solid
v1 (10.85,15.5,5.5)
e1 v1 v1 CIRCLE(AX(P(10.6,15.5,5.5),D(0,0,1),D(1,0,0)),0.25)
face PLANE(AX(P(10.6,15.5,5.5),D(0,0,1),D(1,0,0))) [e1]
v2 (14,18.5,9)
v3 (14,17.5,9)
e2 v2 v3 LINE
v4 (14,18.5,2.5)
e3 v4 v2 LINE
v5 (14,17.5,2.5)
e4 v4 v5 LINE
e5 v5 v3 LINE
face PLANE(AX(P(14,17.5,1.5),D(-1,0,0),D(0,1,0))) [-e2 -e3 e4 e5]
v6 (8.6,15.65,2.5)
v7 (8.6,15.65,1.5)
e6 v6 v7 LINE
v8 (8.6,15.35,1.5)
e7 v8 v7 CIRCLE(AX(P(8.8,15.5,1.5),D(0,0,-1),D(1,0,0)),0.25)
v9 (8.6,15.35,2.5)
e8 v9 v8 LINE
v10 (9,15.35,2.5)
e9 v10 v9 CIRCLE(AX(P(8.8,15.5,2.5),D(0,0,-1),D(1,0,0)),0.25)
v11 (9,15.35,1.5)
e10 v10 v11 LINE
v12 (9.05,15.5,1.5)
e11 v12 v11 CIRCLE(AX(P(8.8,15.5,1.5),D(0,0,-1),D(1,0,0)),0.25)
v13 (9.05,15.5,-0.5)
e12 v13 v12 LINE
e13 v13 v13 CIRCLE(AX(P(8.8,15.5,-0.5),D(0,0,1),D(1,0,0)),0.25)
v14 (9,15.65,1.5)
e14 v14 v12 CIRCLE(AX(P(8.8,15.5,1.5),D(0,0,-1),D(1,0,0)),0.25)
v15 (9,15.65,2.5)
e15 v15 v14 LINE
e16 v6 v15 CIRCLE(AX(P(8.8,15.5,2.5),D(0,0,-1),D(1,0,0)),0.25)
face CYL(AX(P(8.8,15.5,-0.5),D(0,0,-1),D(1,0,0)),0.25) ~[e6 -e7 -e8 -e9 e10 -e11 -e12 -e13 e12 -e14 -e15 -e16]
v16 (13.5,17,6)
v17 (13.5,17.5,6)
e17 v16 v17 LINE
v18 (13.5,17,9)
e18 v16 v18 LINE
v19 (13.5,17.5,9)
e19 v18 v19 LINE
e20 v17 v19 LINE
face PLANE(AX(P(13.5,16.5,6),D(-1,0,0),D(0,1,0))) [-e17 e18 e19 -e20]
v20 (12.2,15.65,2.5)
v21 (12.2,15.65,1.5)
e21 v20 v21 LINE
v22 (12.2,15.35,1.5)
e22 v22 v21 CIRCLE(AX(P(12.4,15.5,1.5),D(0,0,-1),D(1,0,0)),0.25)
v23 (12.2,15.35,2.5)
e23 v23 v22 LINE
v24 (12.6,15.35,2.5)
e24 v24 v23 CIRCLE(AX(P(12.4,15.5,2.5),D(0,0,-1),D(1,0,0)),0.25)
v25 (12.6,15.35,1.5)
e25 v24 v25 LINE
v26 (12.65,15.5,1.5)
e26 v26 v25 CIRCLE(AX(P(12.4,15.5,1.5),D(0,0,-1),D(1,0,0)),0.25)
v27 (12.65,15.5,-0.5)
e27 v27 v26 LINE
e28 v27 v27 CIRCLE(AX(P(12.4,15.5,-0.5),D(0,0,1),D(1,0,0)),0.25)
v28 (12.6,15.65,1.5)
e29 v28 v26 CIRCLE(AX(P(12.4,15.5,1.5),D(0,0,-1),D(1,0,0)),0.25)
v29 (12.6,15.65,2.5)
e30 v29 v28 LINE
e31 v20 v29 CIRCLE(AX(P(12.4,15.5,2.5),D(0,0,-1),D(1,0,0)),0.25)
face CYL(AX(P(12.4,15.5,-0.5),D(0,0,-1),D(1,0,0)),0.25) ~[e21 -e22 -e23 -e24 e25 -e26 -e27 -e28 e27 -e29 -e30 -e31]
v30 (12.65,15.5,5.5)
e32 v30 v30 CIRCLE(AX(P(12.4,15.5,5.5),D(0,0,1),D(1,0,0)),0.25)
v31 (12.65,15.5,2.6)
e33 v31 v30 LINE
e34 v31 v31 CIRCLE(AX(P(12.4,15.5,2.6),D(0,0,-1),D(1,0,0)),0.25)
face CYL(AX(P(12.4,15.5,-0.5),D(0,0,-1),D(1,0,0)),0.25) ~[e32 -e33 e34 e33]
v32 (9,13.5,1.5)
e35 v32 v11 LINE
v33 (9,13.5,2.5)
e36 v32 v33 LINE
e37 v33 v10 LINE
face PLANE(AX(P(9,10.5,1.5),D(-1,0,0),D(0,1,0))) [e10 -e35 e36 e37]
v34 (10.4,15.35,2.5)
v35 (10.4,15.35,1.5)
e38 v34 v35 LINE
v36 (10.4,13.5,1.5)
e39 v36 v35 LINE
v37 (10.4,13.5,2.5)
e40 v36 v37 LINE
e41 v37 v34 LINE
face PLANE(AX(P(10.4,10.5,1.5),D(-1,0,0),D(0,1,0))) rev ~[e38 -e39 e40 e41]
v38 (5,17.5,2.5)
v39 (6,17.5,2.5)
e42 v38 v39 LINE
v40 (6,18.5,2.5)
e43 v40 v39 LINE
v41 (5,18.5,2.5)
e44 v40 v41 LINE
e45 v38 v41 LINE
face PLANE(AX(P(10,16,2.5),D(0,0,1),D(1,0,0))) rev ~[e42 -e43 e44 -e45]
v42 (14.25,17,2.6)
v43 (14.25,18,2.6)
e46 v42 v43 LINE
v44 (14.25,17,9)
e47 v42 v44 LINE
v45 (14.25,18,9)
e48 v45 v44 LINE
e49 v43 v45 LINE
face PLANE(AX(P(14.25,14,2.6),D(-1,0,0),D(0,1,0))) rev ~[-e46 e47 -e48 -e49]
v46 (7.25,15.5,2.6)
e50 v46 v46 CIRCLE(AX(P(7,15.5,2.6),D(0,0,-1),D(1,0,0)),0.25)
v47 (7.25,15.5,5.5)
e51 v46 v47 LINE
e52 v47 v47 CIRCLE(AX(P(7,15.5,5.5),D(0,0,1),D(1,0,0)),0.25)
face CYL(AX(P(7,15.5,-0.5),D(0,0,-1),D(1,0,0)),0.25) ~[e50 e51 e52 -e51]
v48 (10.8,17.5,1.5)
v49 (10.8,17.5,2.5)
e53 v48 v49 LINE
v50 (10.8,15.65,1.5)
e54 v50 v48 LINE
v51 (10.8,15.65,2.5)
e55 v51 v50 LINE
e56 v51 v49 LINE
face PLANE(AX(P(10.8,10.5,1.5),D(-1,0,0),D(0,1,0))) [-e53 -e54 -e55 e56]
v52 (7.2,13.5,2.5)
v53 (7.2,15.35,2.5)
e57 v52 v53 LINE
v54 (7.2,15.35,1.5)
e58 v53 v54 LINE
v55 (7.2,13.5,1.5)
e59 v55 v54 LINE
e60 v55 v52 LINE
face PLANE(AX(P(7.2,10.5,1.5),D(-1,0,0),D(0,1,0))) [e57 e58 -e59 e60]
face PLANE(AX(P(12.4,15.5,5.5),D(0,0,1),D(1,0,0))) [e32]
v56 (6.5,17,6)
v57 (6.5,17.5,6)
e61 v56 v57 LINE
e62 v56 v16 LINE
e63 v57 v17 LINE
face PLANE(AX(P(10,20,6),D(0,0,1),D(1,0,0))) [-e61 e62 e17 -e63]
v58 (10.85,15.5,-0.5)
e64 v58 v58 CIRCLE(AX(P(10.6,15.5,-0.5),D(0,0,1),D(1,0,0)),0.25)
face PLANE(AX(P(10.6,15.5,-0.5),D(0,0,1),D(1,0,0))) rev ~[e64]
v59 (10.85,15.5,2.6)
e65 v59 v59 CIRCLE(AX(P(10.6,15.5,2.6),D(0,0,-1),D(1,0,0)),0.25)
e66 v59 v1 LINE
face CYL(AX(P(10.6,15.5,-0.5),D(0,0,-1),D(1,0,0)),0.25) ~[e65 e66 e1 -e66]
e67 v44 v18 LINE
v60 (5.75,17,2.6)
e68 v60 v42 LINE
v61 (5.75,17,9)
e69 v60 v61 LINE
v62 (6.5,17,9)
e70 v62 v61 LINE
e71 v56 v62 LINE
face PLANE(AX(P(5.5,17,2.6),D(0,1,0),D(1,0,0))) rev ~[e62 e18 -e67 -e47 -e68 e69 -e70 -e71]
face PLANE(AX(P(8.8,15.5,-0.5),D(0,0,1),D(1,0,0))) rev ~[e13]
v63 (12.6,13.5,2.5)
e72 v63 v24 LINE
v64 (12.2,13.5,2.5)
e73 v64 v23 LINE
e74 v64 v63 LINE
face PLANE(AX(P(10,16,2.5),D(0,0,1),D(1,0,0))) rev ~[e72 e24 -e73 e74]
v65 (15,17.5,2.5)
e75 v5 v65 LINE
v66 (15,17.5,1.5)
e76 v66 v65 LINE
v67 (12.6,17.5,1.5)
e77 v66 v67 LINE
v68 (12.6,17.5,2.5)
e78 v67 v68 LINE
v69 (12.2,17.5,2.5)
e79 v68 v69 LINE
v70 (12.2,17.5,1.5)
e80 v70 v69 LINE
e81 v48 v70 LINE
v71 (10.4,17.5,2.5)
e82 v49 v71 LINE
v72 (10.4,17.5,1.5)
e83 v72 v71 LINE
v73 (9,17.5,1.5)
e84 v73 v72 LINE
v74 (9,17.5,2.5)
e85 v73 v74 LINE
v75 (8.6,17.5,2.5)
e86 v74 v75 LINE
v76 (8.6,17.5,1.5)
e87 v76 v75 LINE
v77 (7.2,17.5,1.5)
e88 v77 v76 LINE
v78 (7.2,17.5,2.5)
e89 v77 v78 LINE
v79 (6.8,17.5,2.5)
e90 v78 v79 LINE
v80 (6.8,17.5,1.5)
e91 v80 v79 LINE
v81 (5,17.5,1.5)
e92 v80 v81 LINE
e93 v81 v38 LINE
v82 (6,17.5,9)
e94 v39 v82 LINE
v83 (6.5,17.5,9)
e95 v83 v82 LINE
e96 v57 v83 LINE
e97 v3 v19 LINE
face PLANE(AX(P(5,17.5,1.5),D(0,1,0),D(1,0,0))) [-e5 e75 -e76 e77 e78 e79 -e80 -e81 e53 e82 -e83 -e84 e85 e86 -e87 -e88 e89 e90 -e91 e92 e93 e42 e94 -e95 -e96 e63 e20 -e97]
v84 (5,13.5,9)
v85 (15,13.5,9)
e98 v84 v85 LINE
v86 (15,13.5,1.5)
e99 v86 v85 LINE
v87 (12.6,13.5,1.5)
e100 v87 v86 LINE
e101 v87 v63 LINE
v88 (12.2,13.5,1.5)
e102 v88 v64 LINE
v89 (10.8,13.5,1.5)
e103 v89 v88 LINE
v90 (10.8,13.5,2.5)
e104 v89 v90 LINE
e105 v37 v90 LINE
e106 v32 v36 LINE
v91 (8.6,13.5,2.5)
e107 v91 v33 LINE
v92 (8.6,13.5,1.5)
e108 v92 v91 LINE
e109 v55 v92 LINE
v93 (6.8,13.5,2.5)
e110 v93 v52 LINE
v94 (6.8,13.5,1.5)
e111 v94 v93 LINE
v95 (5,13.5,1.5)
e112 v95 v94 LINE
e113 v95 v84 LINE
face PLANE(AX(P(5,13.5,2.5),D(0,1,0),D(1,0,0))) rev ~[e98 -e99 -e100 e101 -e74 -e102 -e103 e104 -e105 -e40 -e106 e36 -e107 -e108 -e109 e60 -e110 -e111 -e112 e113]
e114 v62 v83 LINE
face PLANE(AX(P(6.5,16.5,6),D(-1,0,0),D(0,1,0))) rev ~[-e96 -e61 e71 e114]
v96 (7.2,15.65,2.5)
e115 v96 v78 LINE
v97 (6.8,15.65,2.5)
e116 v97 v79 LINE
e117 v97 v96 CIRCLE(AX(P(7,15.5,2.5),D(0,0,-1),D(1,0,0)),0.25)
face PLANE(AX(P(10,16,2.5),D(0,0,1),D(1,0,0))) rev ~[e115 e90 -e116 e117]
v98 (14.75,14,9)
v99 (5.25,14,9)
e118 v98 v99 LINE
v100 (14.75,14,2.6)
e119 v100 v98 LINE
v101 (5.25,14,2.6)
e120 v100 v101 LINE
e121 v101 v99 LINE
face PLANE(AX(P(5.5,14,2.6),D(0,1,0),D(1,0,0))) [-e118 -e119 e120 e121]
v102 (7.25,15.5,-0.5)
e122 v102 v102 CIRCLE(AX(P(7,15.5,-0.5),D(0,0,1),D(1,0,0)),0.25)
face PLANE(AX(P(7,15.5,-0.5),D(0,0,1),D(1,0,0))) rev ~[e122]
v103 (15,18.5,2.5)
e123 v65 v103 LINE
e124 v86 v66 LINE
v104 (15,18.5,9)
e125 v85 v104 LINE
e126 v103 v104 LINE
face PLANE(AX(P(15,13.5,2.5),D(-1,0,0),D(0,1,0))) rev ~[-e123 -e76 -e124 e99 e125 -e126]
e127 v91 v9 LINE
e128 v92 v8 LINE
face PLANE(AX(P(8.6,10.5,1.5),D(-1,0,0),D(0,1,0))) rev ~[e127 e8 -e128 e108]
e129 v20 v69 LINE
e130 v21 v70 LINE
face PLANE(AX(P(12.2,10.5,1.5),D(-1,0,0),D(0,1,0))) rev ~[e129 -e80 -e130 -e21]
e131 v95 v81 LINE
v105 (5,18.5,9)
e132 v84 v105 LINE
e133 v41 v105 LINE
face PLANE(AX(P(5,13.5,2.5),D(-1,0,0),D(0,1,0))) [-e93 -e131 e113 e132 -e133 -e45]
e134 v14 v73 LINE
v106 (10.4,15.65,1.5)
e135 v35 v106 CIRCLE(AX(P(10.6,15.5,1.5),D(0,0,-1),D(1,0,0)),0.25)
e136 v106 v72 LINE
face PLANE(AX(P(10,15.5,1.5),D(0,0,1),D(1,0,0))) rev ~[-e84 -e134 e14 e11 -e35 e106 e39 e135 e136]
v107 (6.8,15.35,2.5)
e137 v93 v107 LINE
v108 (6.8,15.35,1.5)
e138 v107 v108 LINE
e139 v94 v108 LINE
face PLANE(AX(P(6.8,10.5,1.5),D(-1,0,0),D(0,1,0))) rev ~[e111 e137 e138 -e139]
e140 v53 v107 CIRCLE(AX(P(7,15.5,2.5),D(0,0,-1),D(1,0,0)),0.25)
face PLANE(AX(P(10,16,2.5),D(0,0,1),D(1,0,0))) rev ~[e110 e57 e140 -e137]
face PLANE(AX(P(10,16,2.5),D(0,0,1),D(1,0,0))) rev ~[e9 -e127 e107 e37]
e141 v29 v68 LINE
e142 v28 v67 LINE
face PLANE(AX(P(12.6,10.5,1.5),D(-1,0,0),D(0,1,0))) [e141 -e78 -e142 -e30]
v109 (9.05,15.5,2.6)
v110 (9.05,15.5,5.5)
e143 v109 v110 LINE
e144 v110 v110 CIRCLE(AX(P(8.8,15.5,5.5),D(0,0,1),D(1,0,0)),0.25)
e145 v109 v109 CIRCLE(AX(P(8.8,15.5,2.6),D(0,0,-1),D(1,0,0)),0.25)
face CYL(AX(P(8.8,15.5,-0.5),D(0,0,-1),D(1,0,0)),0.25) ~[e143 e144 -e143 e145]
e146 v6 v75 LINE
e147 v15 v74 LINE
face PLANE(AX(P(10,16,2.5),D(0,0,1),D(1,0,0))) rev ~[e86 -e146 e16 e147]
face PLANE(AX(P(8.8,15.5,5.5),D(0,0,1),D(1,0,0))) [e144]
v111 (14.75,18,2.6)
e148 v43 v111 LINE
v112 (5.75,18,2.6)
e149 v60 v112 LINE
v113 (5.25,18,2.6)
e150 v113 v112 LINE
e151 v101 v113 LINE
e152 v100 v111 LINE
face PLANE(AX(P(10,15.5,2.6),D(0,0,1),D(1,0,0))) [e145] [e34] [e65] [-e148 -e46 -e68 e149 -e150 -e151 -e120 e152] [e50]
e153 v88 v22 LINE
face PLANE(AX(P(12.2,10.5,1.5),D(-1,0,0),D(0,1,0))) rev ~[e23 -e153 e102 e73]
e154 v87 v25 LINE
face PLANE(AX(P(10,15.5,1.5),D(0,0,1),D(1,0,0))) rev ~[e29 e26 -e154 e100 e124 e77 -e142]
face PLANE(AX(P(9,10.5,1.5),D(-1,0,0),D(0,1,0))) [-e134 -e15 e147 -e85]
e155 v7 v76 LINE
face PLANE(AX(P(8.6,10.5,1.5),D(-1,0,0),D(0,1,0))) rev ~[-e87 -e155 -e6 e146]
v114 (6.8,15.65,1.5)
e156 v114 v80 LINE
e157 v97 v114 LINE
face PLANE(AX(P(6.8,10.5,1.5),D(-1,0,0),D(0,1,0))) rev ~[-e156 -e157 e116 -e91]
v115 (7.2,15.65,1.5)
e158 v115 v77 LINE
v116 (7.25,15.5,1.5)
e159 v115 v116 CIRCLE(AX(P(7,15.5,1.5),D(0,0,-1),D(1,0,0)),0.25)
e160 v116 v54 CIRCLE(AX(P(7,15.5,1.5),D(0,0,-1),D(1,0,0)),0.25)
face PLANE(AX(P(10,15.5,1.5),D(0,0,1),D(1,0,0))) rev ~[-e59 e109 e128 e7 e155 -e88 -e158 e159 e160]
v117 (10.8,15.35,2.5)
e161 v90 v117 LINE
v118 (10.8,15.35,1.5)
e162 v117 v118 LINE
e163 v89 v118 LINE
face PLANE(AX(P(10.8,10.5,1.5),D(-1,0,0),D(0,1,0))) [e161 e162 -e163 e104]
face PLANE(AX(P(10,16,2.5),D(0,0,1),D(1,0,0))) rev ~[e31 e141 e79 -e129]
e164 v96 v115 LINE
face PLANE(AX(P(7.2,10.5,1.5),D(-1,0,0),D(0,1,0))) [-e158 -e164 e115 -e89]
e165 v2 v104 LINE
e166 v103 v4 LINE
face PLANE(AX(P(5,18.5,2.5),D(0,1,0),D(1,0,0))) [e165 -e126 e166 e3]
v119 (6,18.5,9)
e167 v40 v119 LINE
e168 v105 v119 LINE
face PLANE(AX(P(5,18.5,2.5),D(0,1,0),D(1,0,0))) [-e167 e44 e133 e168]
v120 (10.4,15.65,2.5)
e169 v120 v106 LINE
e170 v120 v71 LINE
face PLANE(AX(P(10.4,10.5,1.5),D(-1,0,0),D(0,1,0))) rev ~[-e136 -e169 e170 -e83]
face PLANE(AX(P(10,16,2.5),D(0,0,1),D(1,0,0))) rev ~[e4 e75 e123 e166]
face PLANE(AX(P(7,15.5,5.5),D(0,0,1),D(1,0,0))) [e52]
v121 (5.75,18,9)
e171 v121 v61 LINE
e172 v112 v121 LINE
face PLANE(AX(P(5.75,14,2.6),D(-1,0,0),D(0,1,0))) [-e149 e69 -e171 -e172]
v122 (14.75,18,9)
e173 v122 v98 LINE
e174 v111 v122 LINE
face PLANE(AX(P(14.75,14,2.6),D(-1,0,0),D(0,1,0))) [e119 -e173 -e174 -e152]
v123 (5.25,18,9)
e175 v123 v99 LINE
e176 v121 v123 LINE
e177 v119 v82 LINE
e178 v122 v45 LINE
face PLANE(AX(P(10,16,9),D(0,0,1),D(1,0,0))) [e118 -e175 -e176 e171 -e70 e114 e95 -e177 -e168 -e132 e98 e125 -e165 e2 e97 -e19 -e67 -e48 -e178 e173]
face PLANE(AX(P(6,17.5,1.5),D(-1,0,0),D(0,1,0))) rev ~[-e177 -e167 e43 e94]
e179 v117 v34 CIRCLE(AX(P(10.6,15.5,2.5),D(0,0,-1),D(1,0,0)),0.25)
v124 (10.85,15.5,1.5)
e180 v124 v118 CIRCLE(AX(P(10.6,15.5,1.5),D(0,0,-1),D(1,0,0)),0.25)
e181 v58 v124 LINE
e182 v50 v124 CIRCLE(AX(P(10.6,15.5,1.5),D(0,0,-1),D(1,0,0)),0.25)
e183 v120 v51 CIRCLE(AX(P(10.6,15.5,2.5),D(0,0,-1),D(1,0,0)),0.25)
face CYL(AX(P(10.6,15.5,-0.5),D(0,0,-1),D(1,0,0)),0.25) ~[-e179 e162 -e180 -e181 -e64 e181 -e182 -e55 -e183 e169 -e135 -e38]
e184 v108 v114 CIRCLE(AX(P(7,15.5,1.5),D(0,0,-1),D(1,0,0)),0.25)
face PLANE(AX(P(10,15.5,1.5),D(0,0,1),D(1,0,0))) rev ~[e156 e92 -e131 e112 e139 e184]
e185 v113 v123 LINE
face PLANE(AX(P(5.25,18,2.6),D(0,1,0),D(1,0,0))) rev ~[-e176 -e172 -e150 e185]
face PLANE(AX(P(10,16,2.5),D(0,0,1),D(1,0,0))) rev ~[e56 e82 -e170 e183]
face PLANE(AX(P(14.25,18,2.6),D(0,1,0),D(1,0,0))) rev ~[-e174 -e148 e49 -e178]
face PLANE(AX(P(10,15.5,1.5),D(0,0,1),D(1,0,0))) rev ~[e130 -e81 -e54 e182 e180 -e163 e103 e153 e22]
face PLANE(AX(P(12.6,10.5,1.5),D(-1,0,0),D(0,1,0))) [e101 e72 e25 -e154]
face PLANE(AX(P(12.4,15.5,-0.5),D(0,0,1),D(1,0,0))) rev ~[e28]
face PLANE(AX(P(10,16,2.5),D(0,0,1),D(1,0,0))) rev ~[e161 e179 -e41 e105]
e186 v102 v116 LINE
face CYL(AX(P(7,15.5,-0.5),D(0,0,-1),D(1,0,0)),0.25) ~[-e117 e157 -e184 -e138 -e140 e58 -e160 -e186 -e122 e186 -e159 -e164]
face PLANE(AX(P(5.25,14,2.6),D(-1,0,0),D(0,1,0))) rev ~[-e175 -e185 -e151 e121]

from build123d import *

# Parameters (mm, degrees)
CYLINDER_R     = 0.25
CYLINDER_DEPTH = 6
ARRAY_X_COUNT  = 4
ARRAY_X_PITCH  = 1.8
BOX011_W       = 7
BOX011_H       = 7
BOX011_DEPTH   = 3
BOX010_W       = 0.5
BOX010_H       = 4
BOX010_DEPTH   = 10
BOX009_W       = 0.5
BOX009_H       = 4
BOX009_DEPTH   = 10
BOX008_W       = 8
BOX008_H       = 3
BOX008_DEPTH   = 10
BOX007_W       = 9
BOX007_H       = 3
BOX007_DEPTH   = 10
BOX006_W       = 0.4
BOX006_H       = 10
BOX006_DEPTH   = 1
BOX005_W       = 0.4
BOX005_H       = 10
BOX005_DEPTH   = 1
BOX004_W       = 0.4
BOX004_H       = 10
BOX004_DEPTH   = 1
BOX003_W       = 0.4
BOX003_H       = 10
BOX003_DEPTH   = 1
BOX002_W       = 10
BOX002_H       = 5
BOX002_DEPTH   = 6.5
BOX001_W       = 10
BOX001_H       = 4
BOX001_DEPTH   = 1


with BuildPart() as array:
    # Cylinder → Cylinder (new body)
    with BuildSketch(Plane(origin=(2, 2, -2), x_dir=(1, 0, 0), z_dir=(0, 0, 1))):
        Circle(CYLINDER_R)
    extrude(amount=CYLINDER_DEPTH)

    # Array X: Array ×4


with BuildPart() as array_1:
    add(array.part)
    with Locations(*[(i * ARRAY_X_PITCH, 0, 0) for i in range(1, ARRAY_X_COUNT)]):
        add(array.part)


with BuildPart() as cubo011:
    # Box011 → Box011 (new body)
    with BuildSketch(Plane(origin=(1.5, 3, 4.5), x_dir=(1, 0, 0), z_dir=(0, 0, 1))):
        with Locations((3.5, 3.5)):
            Rectangle(BOX011_W, BOX011_H)
    extrude(amount=BOX011_DEPTH)


with BuildPart() as cubo010:
    # Box010 → Box010 (new body)
    with BuildSketch(Plane(origin=(9.25, 0.5, 1.1), x_dir=(1, 0, 0), z_dir=(0, 0, 1))):
        with Locations((0.25, 2)):
            Rectangle(BOX010_W, BOX010_H)
    extrude(amount=BOX010_DEPTH)


with BuildPart() as cubo009:
    # Box009 → Box009 (new body)
    with BuildSketch(Plane(origin=(0.25, 0.5, 1.1), x_dir=(1, 0, 0), z_dir=(0, 0, 1))):
        with Locations((0.25, 2)):
            Rectangle(BOX009_W, BOX009_H)
    extrude(amount=BOX009_DEPTH)


with BuildPart() as cubo008:
    # Box008 → Box008 (new body)
    with BuildSketch(Plane(origin=(1, 4, 0), x_dir=(1, 0, 0), z_dir=(0, 0, 1))):
        with Locations((4, 1.5)):
            Rectangle(BOX008_W, BOX008_H)
    extrude(amount=BOX008_DEPTH)


with BuildPart() as cubo007:
    # Box007 → Box007 (new body)
    with BuildSketch(Plane(origin=(0.5, 0.5, 1.1), x_dir=(1, 0, 0), z_dir=(0, 0, 1))):
        with Locations((4.5, 1.5)):
            Rectangle(BOX007_W, BOX007_H)
    extrude(amount=BOX007_DEPTH)


with BuildPart() as cubo006:
    # Box006 → Box006 (new body)
    with BuildSketch(Plane(origin=(7.2, -3, 0), x_dir=(1, 0, 0), z_dir=(0, 0, 1))):
        with Locations((0.2, 5)):
            Rectangle(BOX006_W, BOX006_H)
    extrude(amount=BOX006_DEPTH)


with BuildPart() as cubo005:
    # Box005 → Box005 (new body)
    with BuildSketch(Plane(origin=(5.4, -3, 0), x_dir=(1, 0, 0), z_dir=(0, 0, 1))):
        with Locations((0.2, 5)):
            Rectangle(BOX005_W, BOX005_H)
    extrude(amount=BOX005_DEPTH)


with BuildPart() as cubo004:
    # Box004 → Box004 (new body)
    with BuildSketch(Plane(origin=(3.6, -3, 0), x_dir=(1, 0, 0), z_dir=(0, 0, 1))):
        with Locations((0.2, 5)):
            Rectangle(BOX004_W, BOX004_H)
    extrude(amount=BOX004_DEPTH)


with BuildPart() as cubo003:
    # Box003 → Box003 (new body)
    with BuildSketch(Plane(origin=(1.8, -3, 0), x_dir=(1, 0, 0), z_dir=(0, 0, 1))):
        with Locations((0.2, 5)):
            Rectangle(BOX003_W, BOX003_H)
    extrude(amount=BOX003_DEPTH)


with BuildPart() as cubo002:
    # Box002 → Box002 (new body)
    with BuildSketch(Plane.XY.offset(1)):
        with Locations((5, 2.5)):
            Rectangle(BOX002_W, BOX002_H)
    extrude(amount=BOX002_DEPTH)


with BuildPart() as conector:
    # Box001 → Box001 (new body)
    with BuildSketch(Plane.XY):
        with Locations((5, 2)):
            Rectangle(BOX001_W, BOX001_H)
    extrude(amount=BOX001_DEPTH)

    # Fusion: union Cubo002
    add(cubo002.part)

    # Cut: cut Cubo003
    add(cubo003.part, mode=Mode.SUBTRACT)

    # Cut001: cut Cubo004
    add(cubo004.part, mode=Mode.SUBTRACT)

    # Cut002: cut Cubo005
    add(cubo005.part, mode=Mode.SUBTRACT)

    # Cut003: cut Cubo006
    add(cubo006.part, mode=Mode.SUBTRACT)

    # Cut004: cut Cubo007
    add(cubo007.part, mode=Mode.SUBTRACT)

    # Cut005: cut Cubo008
    add(cubo008.part, mode=Mode.SUBTRACT)

    # Cut006: cut Cubo009
    add(cubo009.part, mode=Mode.SUBTRACT)

    # Cut007: cut Cubo010
    add(cubo010.part, mode=Mode.SUBTRACT)

    # Cut008: cut Cubo011
    add(cubo011.part, mode=Mode.SUBTRACT)

    # Fusion001: union Array
    add(array_1.part)


with BuildPart() as conector_1:
    # Fusion001 placement: moved
    add(conector.part.moved(Location((5, 13.5, 1.5))))


solid = conector_1.part
